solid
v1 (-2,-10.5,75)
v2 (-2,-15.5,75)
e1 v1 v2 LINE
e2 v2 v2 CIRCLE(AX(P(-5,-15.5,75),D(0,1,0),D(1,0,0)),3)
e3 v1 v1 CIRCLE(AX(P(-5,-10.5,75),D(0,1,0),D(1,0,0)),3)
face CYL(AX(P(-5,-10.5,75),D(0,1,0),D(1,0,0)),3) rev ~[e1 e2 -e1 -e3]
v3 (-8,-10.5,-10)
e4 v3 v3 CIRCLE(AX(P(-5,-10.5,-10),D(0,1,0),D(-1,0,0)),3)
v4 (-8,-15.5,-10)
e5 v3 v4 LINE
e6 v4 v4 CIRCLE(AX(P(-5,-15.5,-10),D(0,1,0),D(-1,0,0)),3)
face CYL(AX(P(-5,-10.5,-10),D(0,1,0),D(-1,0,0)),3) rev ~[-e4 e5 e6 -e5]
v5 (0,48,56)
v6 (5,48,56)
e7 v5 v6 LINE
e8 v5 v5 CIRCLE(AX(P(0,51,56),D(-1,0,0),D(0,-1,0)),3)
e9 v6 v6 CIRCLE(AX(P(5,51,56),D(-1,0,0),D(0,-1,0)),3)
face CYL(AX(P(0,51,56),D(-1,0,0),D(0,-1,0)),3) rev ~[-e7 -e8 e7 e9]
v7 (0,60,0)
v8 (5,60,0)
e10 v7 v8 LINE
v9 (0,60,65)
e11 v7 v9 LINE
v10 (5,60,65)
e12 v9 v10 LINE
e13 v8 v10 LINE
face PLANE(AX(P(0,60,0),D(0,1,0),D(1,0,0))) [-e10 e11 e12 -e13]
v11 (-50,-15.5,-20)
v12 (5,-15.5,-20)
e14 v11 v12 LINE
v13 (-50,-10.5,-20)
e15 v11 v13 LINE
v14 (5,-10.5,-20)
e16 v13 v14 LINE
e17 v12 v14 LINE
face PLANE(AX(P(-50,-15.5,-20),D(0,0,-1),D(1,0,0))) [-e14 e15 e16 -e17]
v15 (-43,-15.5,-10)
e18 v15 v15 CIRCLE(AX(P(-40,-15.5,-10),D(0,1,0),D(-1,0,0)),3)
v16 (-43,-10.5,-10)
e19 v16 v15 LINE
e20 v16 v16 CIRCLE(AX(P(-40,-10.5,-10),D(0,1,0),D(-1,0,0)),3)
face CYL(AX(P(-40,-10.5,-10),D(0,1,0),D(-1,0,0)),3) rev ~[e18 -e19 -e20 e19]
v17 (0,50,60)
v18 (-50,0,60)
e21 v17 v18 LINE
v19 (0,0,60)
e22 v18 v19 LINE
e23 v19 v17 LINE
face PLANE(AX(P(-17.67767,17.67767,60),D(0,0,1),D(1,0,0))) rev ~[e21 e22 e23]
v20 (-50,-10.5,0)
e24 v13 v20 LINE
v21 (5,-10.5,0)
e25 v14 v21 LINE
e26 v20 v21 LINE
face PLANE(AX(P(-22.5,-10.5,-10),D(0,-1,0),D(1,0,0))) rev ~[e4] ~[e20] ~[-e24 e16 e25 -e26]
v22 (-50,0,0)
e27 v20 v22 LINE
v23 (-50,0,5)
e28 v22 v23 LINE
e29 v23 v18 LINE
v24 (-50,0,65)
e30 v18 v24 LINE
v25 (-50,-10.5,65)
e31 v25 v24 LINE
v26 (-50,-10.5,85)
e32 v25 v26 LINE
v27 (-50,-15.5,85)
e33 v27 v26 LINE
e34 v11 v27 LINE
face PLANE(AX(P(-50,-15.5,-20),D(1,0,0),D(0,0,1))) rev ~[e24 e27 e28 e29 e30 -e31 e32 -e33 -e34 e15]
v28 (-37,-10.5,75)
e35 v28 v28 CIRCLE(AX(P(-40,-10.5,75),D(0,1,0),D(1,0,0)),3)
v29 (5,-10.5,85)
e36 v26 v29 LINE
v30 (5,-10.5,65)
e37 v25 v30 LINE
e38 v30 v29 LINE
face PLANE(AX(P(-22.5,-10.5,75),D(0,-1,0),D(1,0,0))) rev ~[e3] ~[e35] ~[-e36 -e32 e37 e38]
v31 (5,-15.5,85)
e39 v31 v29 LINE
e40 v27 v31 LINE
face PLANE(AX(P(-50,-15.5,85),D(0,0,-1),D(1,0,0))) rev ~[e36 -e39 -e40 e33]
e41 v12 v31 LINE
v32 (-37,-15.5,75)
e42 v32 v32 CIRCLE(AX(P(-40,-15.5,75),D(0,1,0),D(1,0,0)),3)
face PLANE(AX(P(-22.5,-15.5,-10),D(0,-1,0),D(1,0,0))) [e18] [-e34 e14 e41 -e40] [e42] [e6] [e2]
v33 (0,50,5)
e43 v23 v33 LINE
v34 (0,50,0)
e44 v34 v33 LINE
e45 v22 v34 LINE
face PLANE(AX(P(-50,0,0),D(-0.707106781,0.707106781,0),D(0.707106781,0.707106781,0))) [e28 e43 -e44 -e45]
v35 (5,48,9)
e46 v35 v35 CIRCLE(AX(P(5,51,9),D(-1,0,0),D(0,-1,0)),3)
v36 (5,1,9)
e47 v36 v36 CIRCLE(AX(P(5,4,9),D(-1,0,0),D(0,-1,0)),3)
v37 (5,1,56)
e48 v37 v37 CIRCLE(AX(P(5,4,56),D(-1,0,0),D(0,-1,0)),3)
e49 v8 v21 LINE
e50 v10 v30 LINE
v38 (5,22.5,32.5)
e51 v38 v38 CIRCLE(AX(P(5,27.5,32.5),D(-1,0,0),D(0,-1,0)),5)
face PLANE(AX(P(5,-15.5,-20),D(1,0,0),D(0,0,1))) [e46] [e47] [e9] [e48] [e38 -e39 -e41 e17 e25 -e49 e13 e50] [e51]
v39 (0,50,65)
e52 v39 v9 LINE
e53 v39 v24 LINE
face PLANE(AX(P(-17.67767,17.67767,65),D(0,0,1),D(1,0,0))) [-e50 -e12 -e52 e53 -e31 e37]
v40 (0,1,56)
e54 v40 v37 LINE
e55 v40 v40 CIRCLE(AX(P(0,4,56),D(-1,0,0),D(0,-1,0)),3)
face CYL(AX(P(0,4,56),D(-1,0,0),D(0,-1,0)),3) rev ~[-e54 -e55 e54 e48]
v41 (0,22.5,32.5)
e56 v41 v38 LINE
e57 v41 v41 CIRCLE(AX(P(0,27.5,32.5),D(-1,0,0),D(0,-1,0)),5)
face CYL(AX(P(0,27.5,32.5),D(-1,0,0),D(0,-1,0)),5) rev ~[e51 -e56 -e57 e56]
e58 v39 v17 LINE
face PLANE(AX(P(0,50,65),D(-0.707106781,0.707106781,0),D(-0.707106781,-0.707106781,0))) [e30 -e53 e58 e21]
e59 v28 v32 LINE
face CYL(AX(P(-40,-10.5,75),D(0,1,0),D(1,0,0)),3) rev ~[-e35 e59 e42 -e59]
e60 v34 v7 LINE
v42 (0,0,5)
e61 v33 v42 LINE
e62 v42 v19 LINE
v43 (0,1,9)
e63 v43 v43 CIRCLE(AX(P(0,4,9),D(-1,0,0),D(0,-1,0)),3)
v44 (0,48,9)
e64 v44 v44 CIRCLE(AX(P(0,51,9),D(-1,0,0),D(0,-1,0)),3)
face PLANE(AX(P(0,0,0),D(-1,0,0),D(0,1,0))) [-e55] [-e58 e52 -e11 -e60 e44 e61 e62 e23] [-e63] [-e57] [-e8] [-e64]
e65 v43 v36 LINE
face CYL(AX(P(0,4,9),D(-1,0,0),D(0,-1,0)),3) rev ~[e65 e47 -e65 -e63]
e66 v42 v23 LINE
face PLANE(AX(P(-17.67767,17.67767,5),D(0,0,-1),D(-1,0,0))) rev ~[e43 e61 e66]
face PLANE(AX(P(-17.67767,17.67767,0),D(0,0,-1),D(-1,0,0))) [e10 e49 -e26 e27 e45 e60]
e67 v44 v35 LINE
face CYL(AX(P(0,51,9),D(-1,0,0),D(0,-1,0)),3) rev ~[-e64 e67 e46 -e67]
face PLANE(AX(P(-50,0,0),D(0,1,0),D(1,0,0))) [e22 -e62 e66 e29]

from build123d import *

# Parameters (mm, degrees)
BOSS_EXTRUDE1_DEPTH = 65
BOSS_EXTRUDE2_DEPTH = 5
BOSS_EXTRUDE3_DEPTH = 5
SKETCH4_R           = 5
SKETCH4_R_2         = 3
CUT_EXTRUDE1_DEPTH  = 102.612007165
SKETCH5_W           = 55
SKETCH5_H           = 20
BOSS_EXTRUDE4_DEPTH = 5
SKETCH6_R           = 3
CUT_EXTRUDE2_DEPTH  = 5


with BuildPart() as part:
    # Sketch1 → Boss-Extrude1 (new body)
    with BuildSketch(Plane.XY):
        Polygon((0, 0), (0, 60), (5, 60), (5, -15.5), (-50, -15.5), (-50, 0), align=None)
    extrude(amount=BOSS_EXTRUDE1_DEPTH)

    # Sketch2 → Boss-Extrude2 (add)
    with BuildSketch(Plane(origin=(0, 0, 0), x_dir=(-1, 0, 0), z_dir=(0, 0, -1))):
        Polygon((0, 0), (50, 0), (0, 50), align=None)
    extrude(amount=-BOSS_EXTRUDE2_DEPTH)

    # Sketch3 → Boss-Extrude3 (add)
    with BuildSketch(Plane.XY.offset(65)):
        Polygon((-50, 0), (0, 0), (0, 50), align=None)
    extrude(amount=-BOSS_EXTRUDE3_DEPTH)

    # Sketch4 → Cut-Extrude1 (cut, through all)
    with BuildSketch(Plane.ZY):
        with Locations(Location((32.5, 27.5, 0), (0, 0, 270))):
            Circle(SKETCH4_R)
        with Locations(Location((9, 51, 0), (0, 0, 270))):
            Circle(SKETCH4_R_2)
        with Locations(Location((56, 51, 0), (0, 0, 270))):
            Circle(SKETCH4_R_2)
        with Locations(Location((56, 4, 0), (0, 0, 270))):
            Circle(SKETCH4_R_2)
        with Locations(Location((9, 4, 0), (0, 0, 270))):
            Circle(SKETCH4_R_2)
    extrude(amount=-CUT_EXTRUDE1_DEPTH, mode=Mode.SUBTRACT)

    # Sketch5 → Boss-Extrude4 (add)
    with BuildSketch(Plane.XZ.offset(15.5)):
        with Locations((-22.5, -10)):
            Rectangle(SKETCH5_W, SKETCH5_H)
        with Locations((-22.5, 75)):
            Rectangle(SKETCH5_W, SKETCH5_H)
    extrude(amount=-BOSS_EXTRUDE4_DEPTH)

    # Sketch6 → Cut-Extrude2 (cut)
    with BuildSketch(Plane(origin=(0, -10.5, 0), x_dir=(1, 0, 0), z_dir=(0, 1, 0))):
        with Locations(Location((-5, 10, 0), (0, 0, 180))):
            Circle(SKETCH6_R)
        with Locations(Location((-40, 10, 0), (0, 0, 180))):
            Circle(SKETCH6_R)
        with Locations((-5, -75)):
            Circle(SKETCH6_R)
        with Locations((-40, -75)):
            Circle(SKETCH6_R)
    extrude(amount=-CUT_EXTRUDE2_DEPTH, mode=Mode.SUBTRACT)


solid = part.part
